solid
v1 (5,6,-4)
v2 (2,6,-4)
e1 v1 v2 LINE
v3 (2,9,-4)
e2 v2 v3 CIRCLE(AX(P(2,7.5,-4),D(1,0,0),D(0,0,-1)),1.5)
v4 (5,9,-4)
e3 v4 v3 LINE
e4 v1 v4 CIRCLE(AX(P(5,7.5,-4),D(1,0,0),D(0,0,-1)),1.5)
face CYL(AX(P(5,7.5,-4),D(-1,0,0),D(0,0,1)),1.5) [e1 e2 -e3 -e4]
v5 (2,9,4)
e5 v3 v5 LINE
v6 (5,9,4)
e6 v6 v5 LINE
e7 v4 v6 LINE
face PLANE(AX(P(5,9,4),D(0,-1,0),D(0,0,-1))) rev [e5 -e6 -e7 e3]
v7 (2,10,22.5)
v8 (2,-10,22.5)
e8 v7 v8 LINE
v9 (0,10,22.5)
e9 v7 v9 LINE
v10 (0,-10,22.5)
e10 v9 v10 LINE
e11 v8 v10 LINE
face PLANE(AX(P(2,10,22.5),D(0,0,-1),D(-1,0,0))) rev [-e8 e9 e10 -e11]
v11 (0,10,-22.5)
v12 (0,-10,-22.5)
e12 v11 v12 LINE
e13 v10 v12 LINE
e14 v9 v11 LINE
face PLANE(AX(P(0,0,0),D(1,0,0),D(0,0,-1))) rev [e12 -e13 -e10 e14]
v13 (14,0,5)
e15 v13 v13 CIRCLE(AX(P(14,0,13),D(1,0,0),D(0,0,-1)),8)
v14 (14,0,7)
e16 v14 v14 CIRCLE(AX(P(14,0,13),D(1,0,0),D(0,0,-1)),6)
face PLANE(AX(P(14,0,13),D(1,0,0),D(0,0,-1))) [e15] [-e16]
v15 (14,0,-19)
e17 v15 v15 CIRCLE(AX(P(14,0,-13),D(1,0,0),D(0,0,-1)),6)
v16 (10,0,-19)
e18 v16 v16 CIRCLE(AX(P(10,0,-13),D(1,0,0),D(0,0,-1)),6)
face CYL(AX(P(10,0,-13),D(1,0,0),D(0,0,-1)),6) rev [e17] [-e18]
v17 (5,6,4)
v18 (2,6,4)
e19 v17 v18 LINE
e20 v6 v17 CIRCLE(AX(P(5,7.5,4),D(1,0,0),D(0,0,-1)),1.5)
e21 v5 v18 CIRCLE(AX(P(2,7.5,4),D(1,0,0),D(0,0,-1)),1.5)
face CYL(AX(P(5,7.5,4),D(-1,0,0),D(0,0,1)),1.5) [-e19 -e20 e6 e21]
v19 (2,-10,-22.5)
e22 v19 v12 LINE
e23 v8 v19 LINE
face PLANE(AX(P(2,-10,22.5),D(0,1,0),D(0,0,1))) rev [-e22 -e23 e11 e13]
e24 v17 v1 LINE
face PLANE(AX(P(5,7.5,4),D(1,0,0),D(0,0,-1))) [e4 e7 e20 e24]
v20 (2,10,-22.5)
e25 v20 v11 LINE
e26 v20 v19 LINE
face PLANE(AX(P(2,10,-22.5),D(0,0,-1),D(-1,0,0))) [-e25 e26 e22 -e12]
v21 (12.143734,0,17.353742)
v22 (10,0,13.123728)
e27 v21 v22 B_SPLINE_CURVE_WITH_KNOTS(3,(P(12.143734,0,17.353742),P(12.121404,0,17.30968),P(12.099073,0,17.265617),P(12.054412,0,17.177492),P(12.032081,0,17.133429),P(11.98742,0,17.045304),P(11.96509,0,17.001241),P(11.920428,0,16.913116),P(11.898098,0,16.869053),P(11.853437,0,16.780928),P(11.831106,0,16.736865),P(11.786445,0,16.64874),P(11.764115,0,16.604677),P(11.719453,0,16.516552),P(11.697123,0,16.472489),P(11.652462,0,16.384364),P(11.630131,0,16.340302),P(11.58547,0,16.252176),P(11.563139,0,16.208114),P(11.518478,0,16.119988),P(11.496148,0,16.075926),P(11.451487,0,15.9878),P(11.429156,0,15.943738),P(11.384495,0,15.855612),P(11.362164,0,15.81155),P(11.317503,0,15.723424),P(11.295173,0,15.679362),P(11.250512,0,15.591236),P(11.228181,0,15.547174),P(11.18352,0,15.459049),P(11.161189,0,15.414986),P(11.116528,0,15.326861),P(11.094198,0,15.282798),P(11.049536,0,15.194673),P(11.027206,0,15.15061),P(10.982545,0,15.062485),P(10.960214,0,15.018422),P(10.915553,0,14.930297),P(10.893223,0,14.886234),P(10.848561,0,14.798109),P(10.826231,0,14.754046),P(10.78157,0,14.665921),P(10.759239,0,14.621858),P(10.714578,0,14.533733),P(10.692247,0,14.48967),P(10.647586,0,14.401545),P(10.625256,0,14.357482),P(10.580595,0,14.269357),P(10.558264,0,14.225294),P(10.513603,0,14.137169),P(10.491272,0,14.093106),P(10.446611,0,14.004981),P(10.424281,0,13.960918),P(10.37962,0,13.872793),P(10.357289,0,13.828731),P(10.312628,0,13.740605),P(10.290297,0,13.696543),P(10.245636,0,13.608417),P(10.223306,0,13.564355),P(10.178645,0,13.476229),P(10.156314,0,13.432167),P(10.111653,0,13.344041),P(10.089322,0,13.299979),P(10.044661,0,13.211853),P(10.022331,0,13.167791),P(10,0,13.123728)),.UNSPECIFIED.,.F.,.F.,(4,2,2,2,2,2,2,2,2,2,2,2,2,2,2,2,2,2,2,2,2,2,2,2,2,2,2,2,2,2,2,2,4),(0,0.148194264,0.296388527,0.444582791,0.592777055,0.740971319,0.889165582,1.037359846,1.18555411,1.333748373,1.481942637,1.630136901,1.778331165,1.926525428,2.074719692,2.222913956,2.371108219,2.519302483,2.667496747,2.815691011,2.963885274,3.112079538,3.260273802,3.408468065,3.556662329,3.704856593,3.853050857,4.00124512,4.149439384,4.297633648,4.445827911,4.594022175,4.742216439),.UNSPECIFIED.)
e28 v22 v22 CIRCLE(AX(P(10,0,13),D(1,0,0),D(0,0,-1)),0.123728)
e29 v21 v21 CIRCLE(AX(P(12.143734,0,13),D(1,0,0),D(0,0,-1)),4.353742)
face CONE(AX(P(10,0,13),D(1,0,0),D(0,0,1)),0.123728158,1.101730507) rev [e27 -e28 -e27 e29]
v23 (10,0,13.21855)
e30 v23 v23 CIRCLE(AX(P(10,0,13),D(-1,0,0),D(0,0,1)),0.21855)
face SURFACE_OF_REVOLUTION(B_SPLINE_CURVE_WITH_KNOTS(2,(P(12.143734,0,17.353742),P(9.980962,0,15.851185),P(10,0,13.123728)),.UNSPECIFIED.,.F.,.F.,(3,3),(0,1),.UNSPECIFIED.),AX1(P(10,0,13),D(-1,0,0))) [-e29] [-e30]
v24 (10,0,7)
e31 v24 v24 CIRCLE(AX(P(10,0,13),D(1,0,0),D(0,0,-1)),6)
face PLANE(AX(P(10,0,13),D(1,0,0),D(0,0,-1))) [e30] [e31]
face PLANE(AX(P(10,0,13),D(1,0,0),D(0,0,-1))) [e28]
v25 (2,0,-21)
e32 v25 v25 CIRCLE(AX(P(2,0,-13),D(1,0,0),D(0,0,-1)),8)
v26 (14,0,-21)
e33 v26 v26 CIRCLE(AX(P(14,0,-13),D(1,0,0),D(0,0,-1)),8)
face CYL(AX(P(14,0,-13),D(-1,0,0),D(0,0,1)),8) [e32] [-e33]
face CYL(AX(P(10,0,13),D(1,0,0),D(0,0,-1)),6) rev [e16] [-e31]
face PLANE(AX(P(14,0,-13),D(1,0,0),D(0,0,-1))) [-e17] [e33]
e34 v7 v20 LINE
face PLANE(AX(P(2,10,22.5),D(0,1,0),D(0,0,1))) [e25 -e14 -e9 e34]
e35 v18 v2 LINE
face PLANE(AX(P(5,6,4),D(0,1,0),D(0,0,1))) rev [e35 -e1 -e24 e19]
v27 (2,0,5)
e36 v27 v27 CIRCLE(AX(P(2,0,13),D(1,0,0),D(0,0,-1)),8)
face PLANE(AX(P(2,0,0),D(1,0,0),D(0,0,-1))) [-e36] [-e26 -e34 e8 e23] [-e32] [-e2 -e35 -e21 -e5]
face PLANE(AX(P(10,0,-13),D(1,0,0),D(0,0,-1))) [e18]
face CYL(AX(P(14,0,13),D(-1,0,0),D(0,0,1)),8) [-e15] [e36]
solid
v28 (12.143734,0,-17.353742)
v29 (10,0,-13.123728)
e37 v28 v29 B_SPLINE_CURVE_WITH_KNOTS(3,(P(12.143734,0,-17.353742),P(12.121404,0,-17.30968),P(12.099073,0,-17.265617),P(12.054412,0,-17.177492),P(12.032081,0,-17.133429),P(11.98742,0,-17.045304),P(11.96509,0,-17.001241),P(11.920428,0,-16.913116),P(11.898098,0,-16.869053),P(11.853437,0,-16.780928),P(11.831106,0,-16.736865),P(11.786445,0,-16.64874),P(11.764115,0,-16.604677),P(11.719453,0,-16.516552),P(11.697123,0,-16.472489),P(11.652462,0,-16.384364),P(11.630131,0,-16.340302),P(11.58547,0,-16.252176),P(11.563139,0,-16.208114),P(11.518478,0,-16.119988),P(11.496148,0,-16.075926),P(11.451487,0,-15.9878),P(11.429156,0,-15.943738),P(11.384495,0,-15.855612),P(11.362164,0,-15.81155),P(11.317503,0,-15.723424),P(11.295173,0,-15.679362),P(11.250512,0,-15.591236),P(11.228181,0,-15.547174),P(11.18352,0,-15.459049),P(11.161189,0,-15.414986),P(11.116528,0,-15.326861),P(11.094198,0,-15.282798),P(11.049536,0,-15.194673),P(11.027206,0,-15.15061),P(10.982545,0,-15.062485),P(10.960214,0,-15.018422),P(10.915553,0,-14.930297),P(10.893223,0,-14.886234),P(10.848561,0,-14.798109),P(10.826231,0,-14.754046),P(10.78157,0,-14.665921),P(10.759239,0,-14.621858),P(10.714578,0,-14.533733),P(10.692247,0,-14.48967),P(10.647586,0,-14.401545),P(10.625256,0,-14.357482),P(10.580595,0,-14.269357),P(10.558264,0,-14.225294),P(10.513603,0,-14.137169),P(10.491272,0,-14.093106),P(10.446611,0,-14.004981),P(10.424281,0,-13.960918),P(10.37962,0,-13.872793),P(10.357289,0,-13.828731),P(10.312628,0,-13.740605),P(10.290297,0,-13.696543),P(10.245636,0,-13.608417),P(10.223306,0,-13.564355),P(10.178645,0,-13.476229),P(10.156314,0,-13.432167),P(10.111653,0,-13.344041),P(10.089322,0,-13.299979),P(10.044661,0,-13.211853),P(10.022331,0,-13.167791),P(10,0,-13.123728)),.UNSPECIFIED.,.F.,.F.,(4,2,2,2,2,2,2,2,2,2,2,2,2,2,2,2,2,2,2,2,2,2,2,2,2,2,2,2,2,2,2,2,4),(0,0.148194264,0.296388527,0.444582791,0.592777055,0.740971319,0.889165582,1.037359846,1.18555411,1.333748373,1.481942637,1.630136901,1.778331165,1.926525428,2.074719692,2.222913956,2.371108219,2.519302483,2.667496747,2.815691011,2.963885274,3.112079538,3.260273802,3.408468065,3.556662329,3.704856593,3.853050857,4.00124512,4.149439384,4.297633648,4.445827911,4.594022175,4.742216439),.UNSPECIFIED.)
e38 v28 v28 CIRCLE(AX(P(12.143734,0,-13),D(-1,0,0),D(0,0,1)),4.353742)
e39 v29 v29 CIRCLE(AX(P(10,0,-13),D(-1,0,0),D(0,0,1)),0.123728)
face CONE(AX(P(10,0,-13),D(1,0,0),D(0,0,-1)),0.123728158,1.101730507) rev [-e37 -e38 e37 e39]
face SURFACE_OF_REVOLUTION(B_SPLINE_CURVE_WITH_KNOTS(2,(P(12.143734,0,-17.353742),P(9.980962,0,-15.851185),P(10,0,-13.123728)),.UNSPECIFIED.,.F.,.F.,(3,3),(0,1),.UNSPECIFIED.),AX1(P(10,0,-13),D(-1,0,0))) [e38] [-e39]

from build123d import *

# Parameters (mm, degrees)
SKETCH_1_W          = 45
SKETCH_1_H          = 20
EXTRUDE_1_DEPTH     = 2
EXTRUDE_2_DEPTH     = 3
SKETCH_3_R          = 8
EXTRUDE_3_DEPTH     = 12
SKETCH_4_R          = 6
CUT_EXTRUDE_1_DEPTH = 4


with BuildPart() as part:
    # 草图1 → 凸台-拉伸1 (new body)
    with BuildSketch(Plane(origin=(0, 0, 0), x_dir=(0, 0, -1), z_dir=(1, 0, 0))):
        Rectangle(SKETCH_1_W, SKETCH_1_H)
    extrude(amount=EXTRUDE_1_DEPTH)

    # 草图2 → 凸台-拉伸2 (add)
    with BuildSketch(Plane(origin=(2, 0, 0), x_dir=(0, 0, -1), z_dir=(1, 0, 0))):
        with BuildLine():
            Line((-4, 9), (4, 9))
            ThreePointArc((4, 9), (5.5, 7.5), (4, 6))
            Line((4, 6), (-4, 6))
            ThreePointArc((-4, 6), (-5.5, 7.5), (-4, 9))
        make_face()
    extrude(amount=EXTRUDE_2_DEPTH)

    # 草图3 → 凸台-拉伸3 (add)
    with BuildSketch(Plane(origin=(2, 0, 0), x_dir=(0, 0, -1), z_dir=(1, 0, 0))):
        with Locations((-13, 0)):
            Circle(SKETCH_3_R)
        with Locations((13, 0)):
            Circle(SKETCH_3_R)
    extrude(amount=EXTRUDE_3_DEPTH)

    # 草图4 → 切除-拉伸1 (cut)
    with BuildSketch(Plane(origin=(14, 0, 0), x_dir=(0, 0, -1), z_dir=(1, 0, 0))):
        with Locations((-13, 0)):
            Circle(SKETCH_4_R)
        with Locations((13, 0)):
            Circle(SKETCH_4_R)
    extrude(amount=-CUT_EXTRUDE_1_DEPTH, mode=Mode.SUBTRACT)


with BuildPart() as body_2:
    # 草图5 → 旋转2 (revolve)
    with BuildSketch(Plane(origin=(0, 0, 0), x_dir=(1, 0, 0), z_dir=(0, 1, 0))):
        with BuildLine():
            Line((10, 13.123728158), (12.143734127, 17.35374243))
            add(Edge.make_bspline(
                [(12.143734127, 17.35374243), (9.980962456, 15.851185467), (10, 13.123728158)],
                knots=[0, 0, 0, 1, 1, 1], degree=2))
        make_face()
    revolve_2 = revolve(axis=Axis((10, 0, -13), (1, 0, 0)))


with BuildPart() as part_1:
    add(part.part)

    # 镜向9: 旋转2 across plane
    add(revolve_2.mirror(Plane.XY))


solid = Compound([body_2.part, part_1.part])
